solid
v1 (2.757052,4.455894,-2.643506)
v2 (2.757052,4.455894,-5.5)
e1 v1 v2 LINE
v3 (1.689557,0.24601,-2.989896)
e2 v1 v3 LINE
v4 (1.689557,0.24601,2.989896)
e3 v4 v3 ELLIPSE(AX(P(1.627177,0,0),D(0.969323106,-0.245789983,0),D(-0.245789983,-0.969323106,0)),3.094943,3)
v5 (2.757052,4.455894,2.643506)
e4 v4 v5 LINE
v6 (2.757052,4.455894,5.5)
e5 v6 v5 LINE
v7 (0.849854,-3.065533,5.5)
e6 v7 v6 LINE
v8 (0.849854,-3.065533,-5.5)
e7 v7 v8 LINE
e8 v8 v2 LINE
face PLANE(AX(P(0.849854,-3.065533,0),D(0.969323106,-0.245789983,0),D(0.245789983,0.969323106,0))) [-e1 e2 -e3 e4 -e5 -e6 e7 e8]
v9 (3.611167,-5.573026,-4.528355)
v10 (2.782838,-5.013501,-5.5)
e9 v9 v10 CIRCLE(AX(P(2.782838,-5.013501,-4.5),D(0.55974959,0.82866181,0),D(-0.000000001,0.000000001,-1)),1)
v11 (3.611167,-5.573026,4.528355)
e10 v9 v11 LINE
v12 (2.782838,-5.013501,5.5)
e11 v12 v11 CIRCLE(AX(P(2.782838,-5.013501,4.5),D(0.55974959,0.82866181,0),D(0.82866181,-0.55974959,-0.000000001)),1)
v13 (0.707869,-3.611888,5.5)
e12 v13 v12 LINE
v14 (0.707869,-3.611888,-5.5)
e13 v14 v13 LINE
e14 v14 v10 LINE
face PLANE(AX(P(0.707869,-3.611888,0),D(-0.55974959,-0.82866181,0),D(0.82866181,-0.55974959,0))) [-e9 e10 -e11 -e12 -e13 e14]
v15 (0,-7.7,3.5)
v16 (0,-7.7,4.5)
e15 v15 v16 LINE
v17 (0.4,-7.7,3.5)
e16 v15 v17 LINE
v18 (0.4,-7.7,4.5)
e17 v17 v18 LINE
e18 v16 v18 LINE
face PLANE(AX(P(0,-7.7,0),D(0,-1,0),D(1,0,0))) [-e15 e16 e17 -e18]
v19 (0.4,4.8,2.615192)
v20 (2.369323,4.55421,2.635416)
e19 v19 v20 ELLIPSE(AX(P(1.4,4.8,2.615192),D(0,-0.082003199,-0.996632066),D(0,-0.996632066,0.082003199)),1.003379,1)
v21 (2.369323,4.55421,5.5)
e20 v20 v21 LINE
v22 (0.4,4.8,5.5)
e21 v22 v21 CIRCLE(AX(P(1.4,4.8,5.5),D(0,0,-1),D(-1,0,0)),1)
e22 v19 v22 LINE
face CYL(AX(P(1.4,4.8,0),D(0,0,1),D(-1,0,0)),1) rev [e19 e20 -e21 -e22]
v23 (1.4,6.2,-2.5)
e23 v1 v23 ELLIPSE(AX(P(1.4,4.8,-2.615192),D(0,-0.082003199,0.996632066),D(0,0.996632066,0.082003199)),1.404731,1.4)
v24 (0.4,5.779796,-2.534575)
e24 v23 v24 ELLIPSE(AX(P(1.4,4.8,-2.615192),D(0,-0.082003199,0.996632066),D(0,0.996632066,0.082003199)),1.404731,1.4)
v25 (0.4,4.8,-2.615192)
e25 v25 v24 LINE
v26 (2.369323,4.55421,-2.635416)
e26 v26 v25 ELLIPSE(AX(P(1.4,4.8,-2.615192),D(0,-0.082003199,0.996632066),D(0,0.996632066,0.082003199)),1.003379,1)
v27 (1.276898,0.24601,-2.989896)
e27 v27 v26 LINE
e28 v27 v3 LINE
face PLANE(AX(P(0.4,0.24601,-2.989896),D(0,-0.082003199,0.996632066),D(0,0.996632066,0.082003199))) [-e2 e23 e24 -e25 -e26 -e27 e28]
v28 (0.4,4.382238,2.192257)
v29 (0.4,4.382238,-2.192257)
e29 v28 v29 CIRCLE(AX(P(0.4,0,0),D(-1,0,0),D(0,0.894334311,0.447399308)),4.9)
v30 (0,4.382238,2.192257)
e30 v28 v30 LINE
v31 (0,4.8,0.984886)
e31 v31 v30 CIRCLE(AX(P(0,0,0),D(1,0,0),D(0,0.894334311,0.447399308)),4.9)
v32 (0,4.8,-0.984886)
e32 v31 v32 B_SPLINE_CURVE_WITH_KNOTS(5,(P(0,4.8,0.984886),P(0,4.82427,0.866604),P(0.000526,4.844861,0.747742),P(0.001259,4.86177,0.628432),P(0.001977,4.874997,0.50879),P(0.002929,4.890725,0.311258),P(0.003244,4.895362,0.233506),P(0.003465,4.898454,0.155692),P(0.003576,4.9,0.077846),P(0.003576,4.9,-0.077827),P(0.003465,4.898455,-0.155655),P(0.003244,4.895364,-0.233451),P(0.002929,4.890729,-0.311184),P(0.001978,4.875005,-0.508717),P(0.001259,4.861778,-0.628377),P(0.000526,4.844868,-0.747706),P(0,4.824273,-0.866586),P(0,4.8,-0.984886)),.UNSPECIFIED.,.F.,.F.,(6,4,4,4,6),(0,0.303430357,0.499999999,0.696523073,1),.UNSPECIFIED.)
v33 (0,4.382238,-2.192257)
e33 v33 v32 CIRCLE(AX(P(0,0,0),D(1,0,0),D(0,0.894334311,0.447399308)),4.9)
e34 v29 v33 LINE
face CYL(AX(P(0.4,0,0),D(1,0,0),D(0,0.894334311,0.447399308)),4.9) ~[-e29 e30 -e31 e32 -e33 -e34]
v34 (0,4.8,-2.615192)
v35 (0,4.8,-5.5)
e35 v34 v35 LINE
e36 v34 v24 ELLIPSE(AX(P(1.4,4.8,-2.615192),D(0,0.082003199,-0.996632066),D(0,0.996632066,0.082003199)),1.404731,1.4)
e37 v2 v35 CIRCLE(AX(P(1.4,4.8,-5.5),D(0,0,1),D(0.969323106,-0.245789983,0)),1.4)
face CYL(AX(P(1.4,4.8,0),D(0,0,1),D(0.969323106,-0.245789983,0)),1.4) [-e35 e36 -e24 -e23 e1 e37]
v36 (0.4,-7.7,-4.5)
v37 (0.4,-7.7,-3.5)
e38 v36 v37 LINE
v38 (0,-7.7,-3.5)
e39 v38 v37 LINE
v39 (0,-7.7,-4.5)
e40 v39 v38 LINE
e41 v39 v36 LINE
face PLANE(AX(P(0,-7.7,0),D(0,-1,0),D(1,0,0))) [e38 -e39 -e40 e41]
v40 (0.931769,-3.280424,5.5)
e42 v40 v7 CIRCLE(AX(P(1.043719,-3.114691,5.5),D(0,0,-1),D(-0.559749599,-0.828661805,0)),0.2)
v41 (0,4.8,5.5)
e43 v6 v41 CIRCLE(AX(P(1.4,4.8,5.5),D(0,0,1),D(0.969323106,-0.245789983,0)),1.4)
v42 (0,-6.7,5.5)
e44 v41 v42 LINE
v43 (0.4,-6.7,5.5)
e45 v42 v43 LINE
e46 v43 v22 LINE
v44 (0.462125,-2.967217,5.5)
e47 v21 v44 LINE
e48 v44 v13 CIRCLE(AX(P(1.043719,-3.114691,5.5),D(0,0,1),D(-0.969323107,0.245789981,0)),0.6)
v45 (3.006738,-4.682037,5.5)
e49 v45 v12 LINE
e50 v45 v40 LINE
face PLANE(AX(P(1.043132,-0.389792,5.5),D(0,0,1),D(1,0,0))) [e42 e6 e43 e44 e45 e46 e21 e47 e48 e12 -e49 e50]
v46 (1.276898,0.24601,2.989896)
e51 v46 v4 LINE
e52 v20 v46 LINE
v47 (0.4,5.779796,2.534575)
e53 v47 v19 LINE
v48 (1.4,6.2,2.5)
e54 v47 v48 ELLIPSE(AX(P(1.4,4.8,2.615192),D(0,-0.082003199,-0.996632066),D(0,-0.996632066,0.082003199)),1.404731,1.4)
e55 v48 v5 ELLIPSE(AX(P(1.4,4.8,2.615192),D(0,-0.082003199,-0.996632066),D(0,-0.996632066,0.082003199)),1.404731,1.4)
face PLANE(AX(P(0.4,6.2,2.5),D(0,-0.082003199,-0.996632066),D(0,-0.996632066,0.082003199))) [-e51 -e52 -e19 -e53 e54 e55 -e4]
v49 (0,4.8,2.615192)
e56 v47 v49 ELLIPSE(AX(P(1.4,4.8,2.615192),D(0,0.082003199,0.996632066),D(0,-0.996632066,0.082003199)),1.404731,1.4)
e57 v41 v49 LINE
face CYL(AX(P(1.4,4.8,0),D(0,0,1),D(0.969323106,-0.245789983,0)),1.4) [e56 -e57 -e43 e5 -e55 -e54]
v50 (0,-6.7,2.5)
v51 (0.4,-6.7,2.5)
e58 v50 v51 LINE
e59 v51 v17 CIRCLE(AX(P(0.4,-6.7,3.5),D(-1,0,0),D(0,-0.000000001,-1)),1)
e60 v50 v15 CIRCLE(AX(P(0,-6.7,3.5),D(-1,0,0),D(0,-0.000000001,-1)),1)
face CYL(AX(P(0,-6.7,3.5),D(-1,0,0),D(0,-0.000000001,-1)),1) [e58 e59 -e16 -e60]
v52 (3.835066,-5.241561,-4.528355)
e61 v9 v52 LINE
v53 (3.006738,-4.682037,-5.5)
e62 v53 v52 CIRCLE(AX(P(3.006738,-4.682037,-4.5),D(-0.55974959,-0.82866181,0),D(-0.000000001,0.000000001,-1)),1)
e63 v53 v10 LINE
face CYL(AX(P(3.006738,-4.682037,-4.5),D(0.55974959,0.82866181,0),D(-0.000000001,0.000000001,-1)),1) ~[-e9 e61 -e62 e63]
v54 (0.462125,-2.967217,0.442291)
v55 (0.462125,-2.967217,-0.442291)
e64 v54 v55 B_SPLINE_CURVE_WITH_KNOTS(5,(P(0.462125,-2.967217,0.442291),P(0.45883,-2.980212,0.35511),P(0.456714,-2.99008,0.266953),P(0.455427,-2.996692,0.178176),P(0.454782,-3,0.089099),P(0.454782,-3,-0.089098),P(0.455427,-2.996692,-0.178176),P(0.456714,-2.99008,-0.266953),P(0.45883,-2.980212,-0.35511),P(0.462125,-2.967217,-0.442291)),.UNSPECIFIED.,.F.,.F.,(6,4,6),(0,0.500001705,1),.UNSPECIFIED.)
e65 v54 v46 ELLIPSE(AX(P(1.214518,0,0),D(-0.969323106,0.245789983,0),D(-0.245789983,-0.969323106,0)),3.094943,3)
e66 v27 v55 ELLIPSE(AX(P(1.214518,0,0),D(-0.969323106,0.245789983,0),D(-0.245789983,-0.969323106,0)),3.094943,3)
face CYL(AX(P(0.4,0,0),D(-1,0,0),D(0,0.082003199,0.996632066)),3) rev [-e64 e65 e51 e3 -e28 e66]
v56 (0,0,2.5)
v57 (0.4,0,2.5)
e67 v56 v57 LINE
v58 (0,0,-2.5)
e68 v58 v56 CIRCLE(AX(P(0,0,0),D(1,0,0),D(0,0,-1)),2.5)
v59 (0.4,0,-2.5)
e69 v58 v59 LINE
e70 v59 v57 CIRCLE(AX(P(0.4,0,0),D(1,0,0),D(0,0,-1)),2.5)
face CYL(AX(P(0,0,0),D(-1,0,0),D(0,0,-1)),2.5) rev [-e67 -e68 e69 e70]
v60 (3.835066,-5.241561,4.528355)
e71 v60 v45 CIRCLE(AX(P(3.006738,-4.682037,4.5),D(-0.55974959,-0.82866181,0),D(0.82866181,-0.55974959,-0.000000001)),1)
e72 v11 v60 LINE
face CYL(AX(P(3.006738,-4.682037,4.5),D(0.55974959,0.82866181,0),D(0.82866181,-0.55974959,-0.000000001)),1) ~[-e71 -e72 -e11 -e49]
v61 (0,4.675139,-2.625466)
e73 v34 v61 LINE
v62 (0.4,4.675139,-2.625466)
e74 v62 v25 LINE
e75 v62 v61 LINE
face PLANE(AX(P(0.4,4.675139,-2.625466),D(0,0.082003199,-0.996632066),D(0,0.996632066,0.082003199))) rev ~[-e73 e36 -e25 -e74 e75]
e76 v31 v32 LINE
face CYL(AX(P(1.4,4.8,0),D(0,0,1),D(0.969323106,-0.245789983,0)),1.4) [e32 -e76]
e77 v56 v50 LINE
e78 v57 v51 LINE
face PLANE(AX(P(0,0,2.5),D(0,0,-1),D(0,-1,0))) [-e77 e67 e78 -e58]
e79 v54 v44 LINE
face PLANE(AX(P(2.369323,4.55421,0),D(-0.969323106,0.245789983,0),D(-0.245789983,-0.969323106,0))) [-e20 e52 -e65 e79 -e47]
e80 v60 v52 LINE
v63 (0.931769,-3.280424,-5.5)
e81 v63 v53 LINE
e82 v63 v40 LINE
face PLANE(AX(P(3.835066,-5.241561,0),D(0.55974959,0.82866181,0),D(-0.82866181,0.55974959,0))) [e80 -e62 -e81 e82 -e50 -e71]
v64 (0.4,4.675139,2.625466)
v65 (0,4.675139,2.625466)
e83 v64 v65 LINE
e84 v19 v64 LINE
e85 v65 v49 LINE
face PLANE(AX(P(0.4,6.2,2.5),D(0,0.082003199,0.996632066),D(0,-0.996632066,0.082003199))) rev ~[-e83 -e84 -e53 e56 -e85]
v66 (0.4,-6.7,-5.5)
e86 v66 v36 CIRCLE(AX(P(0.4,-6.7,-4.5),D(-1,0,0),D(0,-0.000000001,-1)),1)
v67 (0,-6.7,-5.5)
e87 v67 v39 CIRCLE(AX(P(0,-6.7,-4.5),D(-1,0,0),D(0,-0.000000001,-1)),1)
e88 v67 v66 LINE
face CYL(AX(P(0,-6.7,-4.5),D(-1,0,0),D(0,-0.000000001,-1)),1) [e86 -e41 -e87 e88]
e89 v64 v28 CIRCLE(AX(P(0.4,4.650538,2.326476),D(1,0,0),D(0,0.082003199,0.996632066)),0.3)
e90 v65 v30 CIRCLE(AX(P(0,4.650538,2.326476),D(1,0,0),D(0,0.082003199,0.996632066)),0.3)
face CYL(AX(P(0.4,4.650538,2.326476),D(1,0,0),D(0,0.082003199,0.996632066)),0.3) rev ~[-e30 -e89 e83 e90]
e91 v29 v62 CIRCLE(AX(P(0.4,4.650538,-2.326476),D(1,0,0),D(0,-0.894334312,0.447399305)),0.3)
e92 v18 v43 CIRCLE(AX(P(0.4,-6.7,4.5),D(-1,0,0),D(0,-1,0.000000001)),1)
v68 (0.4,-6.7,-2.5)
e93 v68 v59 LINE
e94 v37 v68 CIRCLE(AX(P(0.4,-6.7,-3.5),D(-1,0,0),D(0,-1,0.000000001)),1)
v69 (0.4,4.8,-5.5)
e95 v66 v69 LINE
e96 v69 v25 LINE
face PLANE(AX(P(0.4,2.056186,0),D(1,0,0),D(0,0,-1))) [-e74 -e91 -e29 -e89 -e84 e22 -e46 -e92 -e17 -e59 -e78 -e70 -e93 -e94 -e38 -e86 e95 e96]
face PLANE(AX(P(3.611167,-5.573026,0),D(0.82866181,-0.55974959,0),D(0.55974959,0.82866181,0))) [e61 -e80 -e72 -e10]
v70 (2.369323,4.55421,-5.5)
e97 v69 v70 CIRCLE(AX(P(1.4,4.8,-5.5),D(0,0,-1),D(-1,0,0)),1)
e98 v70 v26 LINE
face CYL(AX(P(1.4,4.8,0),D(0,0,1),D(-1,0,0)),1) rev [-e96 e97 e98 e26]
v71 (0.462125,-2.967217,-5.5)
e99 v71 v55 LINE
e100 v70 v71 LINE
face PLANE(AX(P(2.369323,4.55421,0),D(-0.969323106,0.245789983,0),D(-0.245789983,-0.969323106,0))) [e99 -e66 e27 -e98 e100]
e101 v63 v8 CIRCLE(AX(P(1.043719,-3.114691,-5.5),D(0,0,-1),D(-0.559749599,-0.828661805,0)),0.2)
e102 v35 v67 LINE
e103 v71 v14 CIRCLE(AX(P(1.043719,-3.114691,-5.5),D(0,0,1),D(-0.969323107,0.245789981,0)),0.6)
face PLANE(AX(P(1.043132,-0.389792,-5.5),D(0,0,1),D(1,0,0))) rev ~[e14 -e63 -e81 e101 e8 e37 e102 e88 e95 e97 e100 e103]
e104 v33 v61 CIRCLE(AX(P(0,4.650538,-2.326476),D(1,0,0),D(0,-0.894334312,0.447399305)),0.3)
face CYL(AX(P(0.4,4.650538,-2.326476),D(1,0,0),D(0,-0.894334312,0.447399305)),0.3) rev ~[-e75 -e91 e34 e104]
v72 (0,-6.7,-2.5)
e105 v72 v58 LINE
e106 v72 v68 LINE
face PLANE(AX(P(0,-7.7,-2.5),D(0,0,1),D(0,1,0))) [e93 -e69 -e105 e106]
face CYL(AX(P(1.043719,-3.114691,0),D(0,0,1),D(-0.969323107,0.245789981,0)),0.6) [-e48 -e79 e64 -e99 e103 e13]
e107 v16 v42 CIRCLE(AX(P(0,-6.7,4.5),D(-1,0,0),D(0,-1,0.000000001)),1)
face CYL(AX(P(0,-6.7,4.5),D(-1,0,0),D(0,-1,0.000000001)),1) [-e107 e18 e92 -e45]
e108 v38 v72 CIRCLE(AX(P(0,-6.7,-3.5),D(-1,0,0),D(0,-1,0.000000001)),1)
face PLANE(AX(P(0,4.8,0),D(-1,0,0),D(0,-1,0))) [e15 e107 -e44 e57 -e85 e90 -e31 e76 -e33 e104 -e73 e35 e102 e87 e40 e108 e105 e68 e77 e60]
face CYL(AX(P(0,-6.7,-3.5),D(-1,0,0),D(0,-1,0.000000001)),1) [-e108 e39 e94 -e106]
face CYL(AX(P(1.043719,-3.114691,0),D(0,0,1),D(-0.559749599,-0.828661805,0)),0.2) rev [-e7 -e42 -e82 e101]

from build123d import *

# Parameters (mm, degrees)
BOSS_EXTRUDE1_DEPTH      = 5.5
BOSS_EXTRUDE1_DEPTH_BACK = 5.5
CUT_EXTRUDE1_DEPTH       = 0.4
CUT_EXTRUDE2_DEPTH       = 3.8
CUT_EXTRUDE3_DEPTH       = 3.8
CUT_EXTRUDE4_DEPTH       = 0.4
CUT_EXTRUDE5_DEPTH       = 0.4
CUT_EXTRUDE6_DEPTH       = 0.4
CUT_EXTRUDE7_DEPTH       = 0.4
CUT_EXTRUDE8_DEPTH       = 0.8
CUT_EXTRUDE8_DEPTH_BACK  = 0.8


with BuildPart() as part:
    # Sketch1 → Boss-Extrude1 (new, two sides: drawn at the far end of the back side and taken through both)
    with BuildSketch(Plane.XY.offset(-BOSS_EXTRUDE1_DEPTH_BACK)):
        with BuildLine():
            Line((0, 4.8), (0, -7.7))
            Line((0, -7.7), (0.4, -7.7))
            Line((0.4, -7.7), (0.4, 4.8))
            ThreePointArc((0.4, 4.8), (1.523848484, 5.79230114), (2.369323106, 4.554210017))
            Line((2.369323106, 4.554210017), (0.462124676, -2.967217351))
            ThreePointArc((0.462124676, -2.967217351), (0.483070792, -3.328406344), (0.707868785, -3.611888427))
            Line((0.707868785, -3.611888427), (3.611166589, -5.573025933))
            Line((3.611166589, -5.573025933), (3.835066425, -5.241561209))
            Line((3.835066425, -5.241561209), (0.931768621, -3.280423703))
            ThreePointArc((0.931768621, -3.280423703), (0.856835957, -3.185929675), (0.849853918, -3.065533344))
            Line((0.849853918, -3.065533344), (2.757052349, 4.455894023))
            ThreePointArc((2.757052349, 4.455894023), (1.573387877, 6.189221596), (0, 4.8))
        make_face()
    extrude(amount=BOSS_EXTRUDE1_DEPTH + BOSS_EXTRUDE1_DEPTH_BACK)

    # Sketch2 → Cut-Extrude1 (cut)
    with BuildSketch(Plane(origin=(0, 0, 0), x_dir=(0, 0, -1), z_dir=(1, 0, 0))):
        with BuildLine():
            Line((-2.5, 0), (-2.5, -7.7))
            Line((-2.5, -7.7), (2.5, -7.7))
            Line((2.5, -7.7), (2.5, 0))
            ThreePointArc((2.5, 0), (0, 2.5), (-2.5, 0))
        make_face()
    extrude(amount=CUT_EXTRUDE1_DEPTH, mode=Mode.SUBTRACT)

    # Sketch3 → Cut-Extrude2 (cut)
    with BuildSketch(Plane(origin=(0.4, 0, 0), x_dir=(0, 0, -1), z_dir=(1, 0, 0))):
        with BuildLine():
            Line((2.989896199, 0.246009597), (2.5, 6.2))
            Line((2.5, 6.2), (-2.5, 6.2))
            Line((-2.5, 6.2), (-2.989896199, 0.246009597))
            ThreePointArc((-2.989896199, 0.246009597), (0, -3), (2.989896199, 0.246009597))
        make_face()
    extrude(amount=CUT_EXTRUDE2_DEPTH, mode=Mode.SUBTRACT)

    # Sketch4 → Cut-Extrude3 (cut)
    with BuildSketch(Plane(origin=(0.4, 0, 0), x_dir=(0, 0, -1), z_dir=(1, 0, 0))):
        with BuildLine():
            Line((2.62546601, 4.675139381), (2.5, 6.2))
            Line((2.5, 6.2), (-2.5, 6.2))
            Line((-2.5, 6.2), (-2.62546601, 4.675139381))
            ThreePointArc((-2.62546601, 4.675139381), (-2.494509309, 4.402012893), (-2.192256609, 4.382238122))
            ThreePointArc((-2.192256609, 4.382238122), (-6e-09, 4.9), (2.192256599, 4.382238127))
            ThreePointArc((2.192256599, 4.382238127), (2.494509304, 4.402012889), (2.62546601, 4.675139381))
        make_face()
    extrude(amount=-CUT_EXTRUDE3_DEPTH, mode=Mode.SUBTRACT)

    # Sketch5 → Cut-Extrude4 (cut)
    with BuildSketch(Plane(origin=(0, 0, 0), x_dir=(0, 0, -1), z_dir=(1, 0, 0))):
        with BuildLine():
            Line((-5.5, -7.7), (-4.5, -7.7))
            ThreePointArc((-4.5, -7.7), (-5.207106781, -7.407106781), (-5.5, -6.7))
            Line((-5.5, -6.7), (-5.5, -7.7))
        make_face()
    extrude(amount=CUT_EXTRUDE4_DEPTH, mode=Mode.SUBTRACT)

    # Sketch6 → Cut-Extrude5 (cut)
    with BuildSketch(Plane(origin=(0, 0, 0), x_dir=(0, 0, -1), z_dir=(1, 0, 0))):
        with BuildLine():
            Line((4.5, -7.7), (5.5, -7.7))
            Line((5.5, -7.7), (5.5, -6.7))
            ThreePointArc((5.5, -6.7), (5.207106781, -7.407106781), (4.5, -7.7))
        make_face()
    extrude(amount=CUT_EXTRUDE5_DEPTH, mode=Mode.SUBTRACT)

    # Sketch7 → Cut-Extrude6 (cut)
    with BuildSketch(Plane(origin=(0, 0, 0), x_dir=(0, 0, -1), z_dir=(1, 0, 0))):
        with BuildLine():
            Line((2.5, -7.7), (3.5, -7.7))
            ThreePointArc((3.5, -7.7), (2.792893219, -7.407106781), (2.5, -6.7))
            Line((2.5, -6.7), (2.5, -7.7))
        make_face()
    extrude(amount=CUT_EXTRUDE6_DEPTH, mode=Mode.SUBTRACT)

    # Sketch8 → Cut-Extrude7 (cut)
    with BuildSketch(Plane(origin=(0, 0, 0), x_dir=(0, 0, -1), z_dir=(1, 0, 0))):
        with BuildLine():
            Line((-3.5, -7.7), (-2.5, -7.7))
            Line((-2.5, -7.7), (-2.5, -6.7))
            ThreePointArc((-2.5, -6.7), (-2.792893219, -7.407106781), (-3.5, -7.7))
        make_face()
    extrude(amount=CUT_EXTRUDE7_DEPTH, mode=Mode.SUBTRACT)

    # Sketch9 → Cut-Extrude8 (cut, two sides: drawn at the far end of the back side and taken through both)
    with BuildSketch(Plane(origin=(-1.229660553, -1.820408193, 0), x_dir=(0.8286618104657849, -0.5597495903308619, 0), z_dir=(0.5597495903308619, 0.8286618104657849, 0)).offset(-CUT_EXTRUDE8_DEPTH_BACK)):
        with BuildLine():
            Line((6.112336896, 4.5), (6.112336896, -4.5))
            ThreePointArc((6.112336896, -4.5), (5.819443678, -5.207106781), (5.112336896, -5.5))
            Line((5.112336896, -5.5), (5.112336896, -6.5))
            Line((5.112336896, -6.5), (7.112336896, -6.5))
            Line((7.112336896, -6.5), (7.112336896, 6.5))
            Line((7.112336896, 6.5), (5.112336896, 6.5))
            Line((5.112336896, 6.5), (5.112336896, 5.5))
            ThreePointArc((5.112336896, 5.5), (5.819443678, 5.207106781), (6.112336896, 4.5))
        make_face()
    extrude(amount=CUT_EXTRUDE8_DEPTH + CUT_EXTRUDE8_DEPTH_BACK, mode=Mode.SUBTRACT)


solid = part.part
